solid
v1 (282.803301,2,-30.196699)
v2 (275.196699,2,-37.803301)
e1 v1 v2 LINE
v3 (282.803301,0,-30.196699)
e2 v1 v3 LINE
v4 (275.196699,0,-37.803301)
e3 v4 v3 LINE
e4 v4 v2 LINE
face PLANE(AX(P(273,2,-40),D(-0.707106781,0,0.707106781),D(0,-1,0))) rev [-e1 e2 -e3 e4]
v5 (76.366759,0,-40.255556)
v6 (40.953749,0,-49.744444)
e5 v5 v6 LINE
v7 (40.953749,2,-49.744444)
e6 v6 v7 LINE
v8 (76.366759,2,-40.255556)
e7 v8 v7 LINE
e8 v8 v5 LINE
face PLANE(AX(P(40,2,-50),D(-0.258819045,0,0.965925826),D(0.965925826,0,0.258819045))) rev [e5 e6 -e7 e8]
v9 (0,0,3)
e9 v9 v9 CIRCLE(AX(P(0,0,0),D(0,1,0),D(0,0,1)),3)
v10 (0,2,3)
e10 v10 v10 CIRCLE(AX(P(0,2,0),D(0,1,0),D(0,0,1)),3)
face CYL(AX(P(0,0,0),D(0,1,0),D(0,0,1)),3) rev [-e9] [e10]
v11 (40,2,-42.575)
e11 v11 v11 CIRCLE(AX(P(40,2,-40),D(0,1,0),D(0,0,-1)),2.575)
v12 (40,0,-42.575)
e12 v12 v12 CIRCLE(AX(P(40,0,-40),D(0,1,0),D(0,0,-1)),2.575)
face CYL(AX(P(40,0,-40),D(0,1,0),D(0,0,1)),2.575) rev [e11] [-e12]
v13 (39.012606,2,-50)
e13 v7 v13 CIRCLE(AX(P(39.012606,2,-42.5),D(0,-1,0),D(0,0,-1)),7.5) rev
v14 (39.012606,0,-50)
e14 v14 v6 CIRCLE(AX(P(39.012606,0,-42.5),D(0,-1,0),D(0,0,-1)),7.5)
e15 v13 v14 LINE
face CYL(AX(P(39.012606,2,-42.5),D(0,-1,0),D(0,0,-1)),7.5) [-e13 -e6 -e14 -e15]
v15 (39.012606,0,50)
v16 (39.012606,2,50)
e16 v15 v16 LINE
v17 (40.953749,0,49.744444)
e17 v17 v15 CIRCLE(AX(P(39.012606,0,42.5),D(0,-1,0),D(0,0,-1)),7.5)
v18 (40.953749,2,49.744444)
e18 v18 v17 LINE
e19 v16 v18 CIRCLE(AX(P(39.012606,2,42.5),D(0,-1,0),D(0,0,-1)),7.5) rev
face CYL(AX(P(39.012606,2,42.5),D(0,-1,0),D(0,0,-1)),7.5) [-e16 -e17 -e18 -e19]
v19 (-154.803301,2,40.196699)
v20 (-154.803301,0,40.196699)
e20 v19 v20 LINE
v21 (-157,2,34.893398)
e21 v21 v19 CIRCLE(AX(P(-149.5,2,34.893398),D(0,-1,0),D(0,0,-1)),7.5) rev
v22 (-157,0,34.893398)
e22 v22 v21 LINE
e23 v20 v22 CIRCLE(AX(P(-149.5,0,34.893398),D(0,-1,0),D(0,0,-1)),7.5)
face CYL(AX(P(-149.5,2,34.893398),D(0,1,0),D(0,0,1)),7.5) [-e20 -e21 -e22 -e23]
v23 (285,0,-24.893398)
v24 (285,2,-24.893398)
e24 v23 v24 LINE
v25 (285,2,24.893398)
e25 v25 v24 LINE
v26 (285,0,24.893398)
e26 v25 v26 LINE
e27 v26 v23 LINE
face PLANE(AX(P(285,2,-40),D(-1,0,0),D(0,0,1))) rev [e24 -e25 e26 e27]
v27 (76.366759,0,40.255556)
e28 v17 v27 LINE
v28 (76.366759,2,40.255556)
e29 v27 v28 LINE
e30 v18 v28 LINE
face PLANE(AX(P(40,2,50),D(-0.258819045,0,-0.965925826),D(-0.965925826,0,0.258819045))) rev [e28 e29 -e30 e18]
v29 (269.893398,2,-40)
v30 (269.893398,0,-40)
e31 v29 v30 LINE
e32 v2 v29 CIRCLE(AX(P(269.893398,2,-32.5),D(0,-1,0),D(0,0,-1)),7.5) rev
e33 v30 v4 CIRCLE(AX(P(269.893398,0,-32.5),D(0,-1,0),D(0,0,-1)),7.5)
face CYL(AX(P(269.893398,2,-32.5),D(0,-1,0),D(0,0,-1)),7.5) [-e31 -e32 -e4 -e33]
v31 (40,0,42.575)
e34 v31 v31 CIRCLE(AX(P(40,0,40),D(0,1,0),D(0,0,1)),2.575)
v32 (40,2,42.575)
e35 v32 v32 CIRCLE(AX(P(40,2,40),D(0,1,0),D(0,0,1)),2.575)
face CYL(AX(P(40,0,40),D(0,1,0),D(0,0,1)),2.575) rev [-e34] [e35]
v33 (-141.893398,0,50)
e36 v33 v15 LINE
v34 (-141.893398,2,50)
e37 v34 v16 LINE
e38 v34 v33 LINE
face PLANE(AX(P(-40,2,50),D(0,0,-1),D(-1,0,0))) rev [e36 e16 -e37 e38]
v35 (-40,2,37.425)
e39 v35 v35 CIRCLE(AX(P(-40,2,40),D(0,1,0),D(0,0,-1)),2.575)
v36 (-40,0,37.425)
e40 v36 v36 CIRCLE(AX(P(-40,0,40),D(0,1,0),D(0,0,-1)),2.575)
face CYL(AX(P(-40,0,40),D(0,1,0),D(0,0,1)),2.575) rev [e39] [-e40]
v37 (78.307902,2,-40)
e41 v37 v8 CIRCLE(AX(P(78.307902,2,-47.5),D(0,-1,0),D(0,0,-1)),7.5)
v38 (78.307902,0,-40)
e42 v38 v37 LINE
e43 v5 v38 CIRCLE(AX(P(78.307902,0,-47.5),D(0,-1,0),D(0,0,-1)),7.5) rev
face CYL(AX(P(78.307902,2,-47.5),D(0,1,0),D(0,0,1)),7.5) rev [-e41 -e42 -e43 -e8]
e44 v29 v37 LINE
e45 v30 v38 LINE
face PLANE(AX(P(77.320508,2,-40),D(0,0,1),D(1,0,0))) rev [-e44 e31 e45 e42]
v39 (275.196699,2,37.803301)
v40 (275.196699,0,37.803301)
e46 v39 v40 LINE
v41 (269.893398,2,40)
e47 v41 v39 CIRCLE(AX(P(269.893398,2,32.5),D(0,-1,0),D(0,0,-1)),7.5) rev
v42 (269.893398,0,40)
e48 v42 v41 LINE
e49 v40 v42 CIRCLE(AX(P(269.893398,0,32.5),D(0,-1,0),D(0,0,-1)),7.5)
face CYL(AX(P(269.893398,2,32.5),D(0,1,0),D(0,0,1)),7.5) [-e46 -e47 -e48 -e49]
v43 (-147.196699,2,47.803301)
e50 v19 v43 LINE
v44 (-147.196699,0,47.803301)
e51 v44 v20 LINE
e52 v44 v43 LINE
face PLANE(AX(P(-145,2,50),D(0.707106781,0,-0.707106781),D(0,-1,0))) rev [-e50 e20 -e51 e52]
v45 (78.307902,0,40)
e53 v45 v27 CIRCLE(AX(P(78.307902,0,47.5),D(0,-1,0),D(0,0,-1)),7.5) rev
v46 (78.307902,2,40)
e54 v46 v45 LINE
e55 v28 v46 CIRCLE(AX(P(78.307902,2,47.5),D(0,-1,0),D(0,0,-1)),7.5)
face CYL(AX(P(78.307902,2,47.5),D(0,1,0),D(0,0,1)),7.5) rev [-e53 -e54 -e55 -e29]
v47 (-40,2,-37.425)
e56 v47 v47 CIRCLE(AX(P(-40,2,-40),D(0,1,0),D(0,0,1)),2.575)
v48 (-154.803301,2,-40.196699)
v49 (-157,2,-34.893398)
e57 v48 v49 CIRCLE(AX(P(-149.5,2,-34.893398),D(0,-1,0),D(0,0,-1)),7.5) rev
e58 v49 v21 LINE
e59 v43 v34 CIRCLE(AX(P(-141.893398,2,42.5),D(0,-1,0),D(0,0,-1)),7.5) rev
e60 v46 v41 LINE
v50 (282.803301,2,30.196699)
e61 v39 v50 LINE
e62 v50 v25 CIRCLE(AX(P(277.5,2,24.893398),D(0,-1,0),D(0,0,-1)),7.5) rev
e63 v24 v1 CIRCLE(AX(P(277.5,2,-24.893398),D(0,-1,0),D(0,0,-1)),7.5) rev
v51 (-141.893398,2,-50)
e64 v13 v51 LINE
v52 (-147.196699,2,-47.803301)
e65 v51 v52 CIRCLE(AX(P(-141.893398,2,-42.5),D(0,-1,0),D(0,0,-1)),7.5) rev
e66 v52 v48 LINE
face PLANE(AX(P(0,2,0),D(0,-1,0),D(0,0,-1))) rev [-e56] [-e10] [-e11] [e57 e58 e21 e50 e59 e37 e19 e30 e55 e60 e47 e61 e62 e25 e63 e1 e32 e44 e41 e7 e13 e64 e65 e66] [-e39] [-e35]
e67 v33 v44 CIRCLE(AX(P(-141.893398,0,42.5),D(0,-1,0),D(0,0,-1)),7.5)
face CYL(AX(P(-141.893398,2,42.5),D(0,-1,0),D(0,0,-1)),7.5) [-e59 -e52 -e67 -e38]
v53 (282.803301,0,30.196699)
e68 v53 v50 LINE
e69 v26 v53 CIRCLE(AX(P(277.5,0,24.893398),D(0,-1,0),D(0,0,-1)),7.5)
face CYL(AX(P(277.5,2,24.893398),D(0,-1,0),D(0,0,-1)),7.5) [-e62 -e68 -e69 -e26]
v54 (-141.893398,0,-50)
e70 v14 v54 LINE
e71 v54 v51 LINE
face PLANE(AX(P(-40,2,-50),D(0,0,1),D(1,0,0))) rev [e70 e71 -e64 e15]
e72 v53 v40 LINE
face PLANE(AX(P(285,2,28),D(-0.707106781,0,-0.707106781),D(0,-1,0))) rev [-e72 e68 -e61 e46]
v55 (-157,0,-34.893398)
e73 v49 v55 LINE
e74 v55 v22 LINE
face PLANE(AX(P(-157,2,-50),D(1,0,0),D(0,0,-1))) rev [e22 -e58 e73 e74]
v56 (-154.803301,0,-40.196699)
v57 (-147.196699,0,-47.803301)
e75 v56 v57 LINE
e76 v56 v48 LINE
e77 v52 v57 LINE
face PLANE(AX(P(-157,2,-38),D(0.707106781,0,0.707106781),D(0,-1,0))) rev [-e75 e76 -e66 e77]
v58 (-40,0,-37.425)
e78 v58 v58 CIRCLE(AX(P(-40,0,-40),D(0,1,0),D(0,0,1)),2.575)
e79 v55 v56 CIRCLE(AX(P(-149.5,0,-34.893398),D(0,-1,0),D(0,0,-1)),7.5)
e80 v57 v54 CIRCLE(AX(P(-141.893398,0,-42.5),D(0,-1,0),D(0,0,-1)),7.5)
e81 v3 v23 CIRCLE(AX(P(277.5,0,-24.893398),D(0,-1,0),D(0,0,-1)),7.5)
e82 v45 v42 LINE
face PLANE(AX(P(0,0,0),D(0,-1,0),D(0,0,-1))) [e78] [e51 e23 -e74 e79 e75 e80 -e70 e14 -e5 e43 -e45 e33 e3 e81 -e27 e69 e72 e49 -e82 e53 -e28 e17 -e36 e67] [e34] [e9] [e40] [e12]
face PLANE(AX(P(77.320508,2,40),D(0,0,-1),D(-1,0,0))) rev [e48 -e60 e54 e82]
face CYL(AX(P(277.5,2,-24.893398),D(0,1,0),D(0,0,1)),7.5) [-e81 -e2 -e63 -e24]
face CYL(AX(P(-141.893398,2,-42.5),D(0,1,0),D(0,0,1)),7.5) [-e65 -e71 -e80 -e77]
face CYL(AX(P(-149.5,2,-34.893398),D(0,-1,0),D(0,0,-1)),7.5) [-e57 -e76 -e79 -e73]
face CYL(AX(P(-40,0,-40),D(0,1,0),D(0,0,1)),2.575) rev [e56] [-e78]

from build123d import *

# Parameters (mm, degrees)
BOSS_EXTRUDE2_DEPTH = 2
CHAMFER2_SIZE       = 12
FILLET1_R           = 7.5
SKETCH2_R           = 2.575
SKETCH2_R_2         = 3
CUT_EXTRUDE1_DEPTH  = 290.359637821


with BuildPart() as part:
    # Sketch1 → Boss-Extrude2 (new body)
    with BuildSketch(Plane(origin=(0, 0, 0), x_dir=(1, 0, 0), z_dir=(0, 1, 0))):
        Polygon((40, -50), (77.320508076, -40), (285, -40), (285, 40), (77.320508076, 40), (40, 50), (-40, 50), (-157, 50), (-157, -50), (-40, -50), align=None)
    extrude(amount=BOSS_EXTRUDE2_DEPTH)

    # Chamfer2
    chamfer2_edges = [part.edges().sort_by_distance(p)[0] for p in [
        (-157, 1, 50),
        (-157, 1, -50),
        (285, 1, -40),
        (285, 1, 40),
    ]]
    chamfer(chamfer2_edges, length=CHAMFER2_SIZE)

    # Fillet1
    fillet1_edges = [part.edges().sort_by_distance(p)[0] for p in [
        (40, 1, -50),
        (77.320508076, 1, -40),
        (77.320508076, 1, 40),
        (40, 1, 50),
        (-145, 1, 50),
        (-157, 1, -38),
        (-157, 1, 38),
        (-145, 1, -50),
        (273, 1, -40),
        (285, 1, 28),
        (285, 1, -28),
        (273, 1, 40),
    ]]
    fillet(fillet1_edges, radius=FILLET1_R)

    # Sketch2 → Cut-Extrude1 (cut, through all)
    with BuildSketch(Plane(origin=(0, 2, 0), x_dir=(1, 0, 0), z_dir=(0, 1, 0))):
        with Locations(Location((-40, 40, 0), (0, 0, 270))):
            Circle(SKETCH2_R)
        with Locations(Location((40, 40, 0), (0, 0, 90))):
            Circle(SKETCH2_R)
        with Locations(Location((40, -40, 0), (0, 0, 270))):
            Circle(SKETCH2_R)
        with Locations(Location((-40, -40, 0), (0, 0, 90))):
            Circle(SKETCH2_R)
        with Locations(Location((0, 0, 0), (0, 0, 270))):
            Circle(SKETCH2_R_2)
    extrude(amount=-CUT_EXTRUDE1_DEPTH, mode=Mode.SUBTRACT)


solid = part.part
